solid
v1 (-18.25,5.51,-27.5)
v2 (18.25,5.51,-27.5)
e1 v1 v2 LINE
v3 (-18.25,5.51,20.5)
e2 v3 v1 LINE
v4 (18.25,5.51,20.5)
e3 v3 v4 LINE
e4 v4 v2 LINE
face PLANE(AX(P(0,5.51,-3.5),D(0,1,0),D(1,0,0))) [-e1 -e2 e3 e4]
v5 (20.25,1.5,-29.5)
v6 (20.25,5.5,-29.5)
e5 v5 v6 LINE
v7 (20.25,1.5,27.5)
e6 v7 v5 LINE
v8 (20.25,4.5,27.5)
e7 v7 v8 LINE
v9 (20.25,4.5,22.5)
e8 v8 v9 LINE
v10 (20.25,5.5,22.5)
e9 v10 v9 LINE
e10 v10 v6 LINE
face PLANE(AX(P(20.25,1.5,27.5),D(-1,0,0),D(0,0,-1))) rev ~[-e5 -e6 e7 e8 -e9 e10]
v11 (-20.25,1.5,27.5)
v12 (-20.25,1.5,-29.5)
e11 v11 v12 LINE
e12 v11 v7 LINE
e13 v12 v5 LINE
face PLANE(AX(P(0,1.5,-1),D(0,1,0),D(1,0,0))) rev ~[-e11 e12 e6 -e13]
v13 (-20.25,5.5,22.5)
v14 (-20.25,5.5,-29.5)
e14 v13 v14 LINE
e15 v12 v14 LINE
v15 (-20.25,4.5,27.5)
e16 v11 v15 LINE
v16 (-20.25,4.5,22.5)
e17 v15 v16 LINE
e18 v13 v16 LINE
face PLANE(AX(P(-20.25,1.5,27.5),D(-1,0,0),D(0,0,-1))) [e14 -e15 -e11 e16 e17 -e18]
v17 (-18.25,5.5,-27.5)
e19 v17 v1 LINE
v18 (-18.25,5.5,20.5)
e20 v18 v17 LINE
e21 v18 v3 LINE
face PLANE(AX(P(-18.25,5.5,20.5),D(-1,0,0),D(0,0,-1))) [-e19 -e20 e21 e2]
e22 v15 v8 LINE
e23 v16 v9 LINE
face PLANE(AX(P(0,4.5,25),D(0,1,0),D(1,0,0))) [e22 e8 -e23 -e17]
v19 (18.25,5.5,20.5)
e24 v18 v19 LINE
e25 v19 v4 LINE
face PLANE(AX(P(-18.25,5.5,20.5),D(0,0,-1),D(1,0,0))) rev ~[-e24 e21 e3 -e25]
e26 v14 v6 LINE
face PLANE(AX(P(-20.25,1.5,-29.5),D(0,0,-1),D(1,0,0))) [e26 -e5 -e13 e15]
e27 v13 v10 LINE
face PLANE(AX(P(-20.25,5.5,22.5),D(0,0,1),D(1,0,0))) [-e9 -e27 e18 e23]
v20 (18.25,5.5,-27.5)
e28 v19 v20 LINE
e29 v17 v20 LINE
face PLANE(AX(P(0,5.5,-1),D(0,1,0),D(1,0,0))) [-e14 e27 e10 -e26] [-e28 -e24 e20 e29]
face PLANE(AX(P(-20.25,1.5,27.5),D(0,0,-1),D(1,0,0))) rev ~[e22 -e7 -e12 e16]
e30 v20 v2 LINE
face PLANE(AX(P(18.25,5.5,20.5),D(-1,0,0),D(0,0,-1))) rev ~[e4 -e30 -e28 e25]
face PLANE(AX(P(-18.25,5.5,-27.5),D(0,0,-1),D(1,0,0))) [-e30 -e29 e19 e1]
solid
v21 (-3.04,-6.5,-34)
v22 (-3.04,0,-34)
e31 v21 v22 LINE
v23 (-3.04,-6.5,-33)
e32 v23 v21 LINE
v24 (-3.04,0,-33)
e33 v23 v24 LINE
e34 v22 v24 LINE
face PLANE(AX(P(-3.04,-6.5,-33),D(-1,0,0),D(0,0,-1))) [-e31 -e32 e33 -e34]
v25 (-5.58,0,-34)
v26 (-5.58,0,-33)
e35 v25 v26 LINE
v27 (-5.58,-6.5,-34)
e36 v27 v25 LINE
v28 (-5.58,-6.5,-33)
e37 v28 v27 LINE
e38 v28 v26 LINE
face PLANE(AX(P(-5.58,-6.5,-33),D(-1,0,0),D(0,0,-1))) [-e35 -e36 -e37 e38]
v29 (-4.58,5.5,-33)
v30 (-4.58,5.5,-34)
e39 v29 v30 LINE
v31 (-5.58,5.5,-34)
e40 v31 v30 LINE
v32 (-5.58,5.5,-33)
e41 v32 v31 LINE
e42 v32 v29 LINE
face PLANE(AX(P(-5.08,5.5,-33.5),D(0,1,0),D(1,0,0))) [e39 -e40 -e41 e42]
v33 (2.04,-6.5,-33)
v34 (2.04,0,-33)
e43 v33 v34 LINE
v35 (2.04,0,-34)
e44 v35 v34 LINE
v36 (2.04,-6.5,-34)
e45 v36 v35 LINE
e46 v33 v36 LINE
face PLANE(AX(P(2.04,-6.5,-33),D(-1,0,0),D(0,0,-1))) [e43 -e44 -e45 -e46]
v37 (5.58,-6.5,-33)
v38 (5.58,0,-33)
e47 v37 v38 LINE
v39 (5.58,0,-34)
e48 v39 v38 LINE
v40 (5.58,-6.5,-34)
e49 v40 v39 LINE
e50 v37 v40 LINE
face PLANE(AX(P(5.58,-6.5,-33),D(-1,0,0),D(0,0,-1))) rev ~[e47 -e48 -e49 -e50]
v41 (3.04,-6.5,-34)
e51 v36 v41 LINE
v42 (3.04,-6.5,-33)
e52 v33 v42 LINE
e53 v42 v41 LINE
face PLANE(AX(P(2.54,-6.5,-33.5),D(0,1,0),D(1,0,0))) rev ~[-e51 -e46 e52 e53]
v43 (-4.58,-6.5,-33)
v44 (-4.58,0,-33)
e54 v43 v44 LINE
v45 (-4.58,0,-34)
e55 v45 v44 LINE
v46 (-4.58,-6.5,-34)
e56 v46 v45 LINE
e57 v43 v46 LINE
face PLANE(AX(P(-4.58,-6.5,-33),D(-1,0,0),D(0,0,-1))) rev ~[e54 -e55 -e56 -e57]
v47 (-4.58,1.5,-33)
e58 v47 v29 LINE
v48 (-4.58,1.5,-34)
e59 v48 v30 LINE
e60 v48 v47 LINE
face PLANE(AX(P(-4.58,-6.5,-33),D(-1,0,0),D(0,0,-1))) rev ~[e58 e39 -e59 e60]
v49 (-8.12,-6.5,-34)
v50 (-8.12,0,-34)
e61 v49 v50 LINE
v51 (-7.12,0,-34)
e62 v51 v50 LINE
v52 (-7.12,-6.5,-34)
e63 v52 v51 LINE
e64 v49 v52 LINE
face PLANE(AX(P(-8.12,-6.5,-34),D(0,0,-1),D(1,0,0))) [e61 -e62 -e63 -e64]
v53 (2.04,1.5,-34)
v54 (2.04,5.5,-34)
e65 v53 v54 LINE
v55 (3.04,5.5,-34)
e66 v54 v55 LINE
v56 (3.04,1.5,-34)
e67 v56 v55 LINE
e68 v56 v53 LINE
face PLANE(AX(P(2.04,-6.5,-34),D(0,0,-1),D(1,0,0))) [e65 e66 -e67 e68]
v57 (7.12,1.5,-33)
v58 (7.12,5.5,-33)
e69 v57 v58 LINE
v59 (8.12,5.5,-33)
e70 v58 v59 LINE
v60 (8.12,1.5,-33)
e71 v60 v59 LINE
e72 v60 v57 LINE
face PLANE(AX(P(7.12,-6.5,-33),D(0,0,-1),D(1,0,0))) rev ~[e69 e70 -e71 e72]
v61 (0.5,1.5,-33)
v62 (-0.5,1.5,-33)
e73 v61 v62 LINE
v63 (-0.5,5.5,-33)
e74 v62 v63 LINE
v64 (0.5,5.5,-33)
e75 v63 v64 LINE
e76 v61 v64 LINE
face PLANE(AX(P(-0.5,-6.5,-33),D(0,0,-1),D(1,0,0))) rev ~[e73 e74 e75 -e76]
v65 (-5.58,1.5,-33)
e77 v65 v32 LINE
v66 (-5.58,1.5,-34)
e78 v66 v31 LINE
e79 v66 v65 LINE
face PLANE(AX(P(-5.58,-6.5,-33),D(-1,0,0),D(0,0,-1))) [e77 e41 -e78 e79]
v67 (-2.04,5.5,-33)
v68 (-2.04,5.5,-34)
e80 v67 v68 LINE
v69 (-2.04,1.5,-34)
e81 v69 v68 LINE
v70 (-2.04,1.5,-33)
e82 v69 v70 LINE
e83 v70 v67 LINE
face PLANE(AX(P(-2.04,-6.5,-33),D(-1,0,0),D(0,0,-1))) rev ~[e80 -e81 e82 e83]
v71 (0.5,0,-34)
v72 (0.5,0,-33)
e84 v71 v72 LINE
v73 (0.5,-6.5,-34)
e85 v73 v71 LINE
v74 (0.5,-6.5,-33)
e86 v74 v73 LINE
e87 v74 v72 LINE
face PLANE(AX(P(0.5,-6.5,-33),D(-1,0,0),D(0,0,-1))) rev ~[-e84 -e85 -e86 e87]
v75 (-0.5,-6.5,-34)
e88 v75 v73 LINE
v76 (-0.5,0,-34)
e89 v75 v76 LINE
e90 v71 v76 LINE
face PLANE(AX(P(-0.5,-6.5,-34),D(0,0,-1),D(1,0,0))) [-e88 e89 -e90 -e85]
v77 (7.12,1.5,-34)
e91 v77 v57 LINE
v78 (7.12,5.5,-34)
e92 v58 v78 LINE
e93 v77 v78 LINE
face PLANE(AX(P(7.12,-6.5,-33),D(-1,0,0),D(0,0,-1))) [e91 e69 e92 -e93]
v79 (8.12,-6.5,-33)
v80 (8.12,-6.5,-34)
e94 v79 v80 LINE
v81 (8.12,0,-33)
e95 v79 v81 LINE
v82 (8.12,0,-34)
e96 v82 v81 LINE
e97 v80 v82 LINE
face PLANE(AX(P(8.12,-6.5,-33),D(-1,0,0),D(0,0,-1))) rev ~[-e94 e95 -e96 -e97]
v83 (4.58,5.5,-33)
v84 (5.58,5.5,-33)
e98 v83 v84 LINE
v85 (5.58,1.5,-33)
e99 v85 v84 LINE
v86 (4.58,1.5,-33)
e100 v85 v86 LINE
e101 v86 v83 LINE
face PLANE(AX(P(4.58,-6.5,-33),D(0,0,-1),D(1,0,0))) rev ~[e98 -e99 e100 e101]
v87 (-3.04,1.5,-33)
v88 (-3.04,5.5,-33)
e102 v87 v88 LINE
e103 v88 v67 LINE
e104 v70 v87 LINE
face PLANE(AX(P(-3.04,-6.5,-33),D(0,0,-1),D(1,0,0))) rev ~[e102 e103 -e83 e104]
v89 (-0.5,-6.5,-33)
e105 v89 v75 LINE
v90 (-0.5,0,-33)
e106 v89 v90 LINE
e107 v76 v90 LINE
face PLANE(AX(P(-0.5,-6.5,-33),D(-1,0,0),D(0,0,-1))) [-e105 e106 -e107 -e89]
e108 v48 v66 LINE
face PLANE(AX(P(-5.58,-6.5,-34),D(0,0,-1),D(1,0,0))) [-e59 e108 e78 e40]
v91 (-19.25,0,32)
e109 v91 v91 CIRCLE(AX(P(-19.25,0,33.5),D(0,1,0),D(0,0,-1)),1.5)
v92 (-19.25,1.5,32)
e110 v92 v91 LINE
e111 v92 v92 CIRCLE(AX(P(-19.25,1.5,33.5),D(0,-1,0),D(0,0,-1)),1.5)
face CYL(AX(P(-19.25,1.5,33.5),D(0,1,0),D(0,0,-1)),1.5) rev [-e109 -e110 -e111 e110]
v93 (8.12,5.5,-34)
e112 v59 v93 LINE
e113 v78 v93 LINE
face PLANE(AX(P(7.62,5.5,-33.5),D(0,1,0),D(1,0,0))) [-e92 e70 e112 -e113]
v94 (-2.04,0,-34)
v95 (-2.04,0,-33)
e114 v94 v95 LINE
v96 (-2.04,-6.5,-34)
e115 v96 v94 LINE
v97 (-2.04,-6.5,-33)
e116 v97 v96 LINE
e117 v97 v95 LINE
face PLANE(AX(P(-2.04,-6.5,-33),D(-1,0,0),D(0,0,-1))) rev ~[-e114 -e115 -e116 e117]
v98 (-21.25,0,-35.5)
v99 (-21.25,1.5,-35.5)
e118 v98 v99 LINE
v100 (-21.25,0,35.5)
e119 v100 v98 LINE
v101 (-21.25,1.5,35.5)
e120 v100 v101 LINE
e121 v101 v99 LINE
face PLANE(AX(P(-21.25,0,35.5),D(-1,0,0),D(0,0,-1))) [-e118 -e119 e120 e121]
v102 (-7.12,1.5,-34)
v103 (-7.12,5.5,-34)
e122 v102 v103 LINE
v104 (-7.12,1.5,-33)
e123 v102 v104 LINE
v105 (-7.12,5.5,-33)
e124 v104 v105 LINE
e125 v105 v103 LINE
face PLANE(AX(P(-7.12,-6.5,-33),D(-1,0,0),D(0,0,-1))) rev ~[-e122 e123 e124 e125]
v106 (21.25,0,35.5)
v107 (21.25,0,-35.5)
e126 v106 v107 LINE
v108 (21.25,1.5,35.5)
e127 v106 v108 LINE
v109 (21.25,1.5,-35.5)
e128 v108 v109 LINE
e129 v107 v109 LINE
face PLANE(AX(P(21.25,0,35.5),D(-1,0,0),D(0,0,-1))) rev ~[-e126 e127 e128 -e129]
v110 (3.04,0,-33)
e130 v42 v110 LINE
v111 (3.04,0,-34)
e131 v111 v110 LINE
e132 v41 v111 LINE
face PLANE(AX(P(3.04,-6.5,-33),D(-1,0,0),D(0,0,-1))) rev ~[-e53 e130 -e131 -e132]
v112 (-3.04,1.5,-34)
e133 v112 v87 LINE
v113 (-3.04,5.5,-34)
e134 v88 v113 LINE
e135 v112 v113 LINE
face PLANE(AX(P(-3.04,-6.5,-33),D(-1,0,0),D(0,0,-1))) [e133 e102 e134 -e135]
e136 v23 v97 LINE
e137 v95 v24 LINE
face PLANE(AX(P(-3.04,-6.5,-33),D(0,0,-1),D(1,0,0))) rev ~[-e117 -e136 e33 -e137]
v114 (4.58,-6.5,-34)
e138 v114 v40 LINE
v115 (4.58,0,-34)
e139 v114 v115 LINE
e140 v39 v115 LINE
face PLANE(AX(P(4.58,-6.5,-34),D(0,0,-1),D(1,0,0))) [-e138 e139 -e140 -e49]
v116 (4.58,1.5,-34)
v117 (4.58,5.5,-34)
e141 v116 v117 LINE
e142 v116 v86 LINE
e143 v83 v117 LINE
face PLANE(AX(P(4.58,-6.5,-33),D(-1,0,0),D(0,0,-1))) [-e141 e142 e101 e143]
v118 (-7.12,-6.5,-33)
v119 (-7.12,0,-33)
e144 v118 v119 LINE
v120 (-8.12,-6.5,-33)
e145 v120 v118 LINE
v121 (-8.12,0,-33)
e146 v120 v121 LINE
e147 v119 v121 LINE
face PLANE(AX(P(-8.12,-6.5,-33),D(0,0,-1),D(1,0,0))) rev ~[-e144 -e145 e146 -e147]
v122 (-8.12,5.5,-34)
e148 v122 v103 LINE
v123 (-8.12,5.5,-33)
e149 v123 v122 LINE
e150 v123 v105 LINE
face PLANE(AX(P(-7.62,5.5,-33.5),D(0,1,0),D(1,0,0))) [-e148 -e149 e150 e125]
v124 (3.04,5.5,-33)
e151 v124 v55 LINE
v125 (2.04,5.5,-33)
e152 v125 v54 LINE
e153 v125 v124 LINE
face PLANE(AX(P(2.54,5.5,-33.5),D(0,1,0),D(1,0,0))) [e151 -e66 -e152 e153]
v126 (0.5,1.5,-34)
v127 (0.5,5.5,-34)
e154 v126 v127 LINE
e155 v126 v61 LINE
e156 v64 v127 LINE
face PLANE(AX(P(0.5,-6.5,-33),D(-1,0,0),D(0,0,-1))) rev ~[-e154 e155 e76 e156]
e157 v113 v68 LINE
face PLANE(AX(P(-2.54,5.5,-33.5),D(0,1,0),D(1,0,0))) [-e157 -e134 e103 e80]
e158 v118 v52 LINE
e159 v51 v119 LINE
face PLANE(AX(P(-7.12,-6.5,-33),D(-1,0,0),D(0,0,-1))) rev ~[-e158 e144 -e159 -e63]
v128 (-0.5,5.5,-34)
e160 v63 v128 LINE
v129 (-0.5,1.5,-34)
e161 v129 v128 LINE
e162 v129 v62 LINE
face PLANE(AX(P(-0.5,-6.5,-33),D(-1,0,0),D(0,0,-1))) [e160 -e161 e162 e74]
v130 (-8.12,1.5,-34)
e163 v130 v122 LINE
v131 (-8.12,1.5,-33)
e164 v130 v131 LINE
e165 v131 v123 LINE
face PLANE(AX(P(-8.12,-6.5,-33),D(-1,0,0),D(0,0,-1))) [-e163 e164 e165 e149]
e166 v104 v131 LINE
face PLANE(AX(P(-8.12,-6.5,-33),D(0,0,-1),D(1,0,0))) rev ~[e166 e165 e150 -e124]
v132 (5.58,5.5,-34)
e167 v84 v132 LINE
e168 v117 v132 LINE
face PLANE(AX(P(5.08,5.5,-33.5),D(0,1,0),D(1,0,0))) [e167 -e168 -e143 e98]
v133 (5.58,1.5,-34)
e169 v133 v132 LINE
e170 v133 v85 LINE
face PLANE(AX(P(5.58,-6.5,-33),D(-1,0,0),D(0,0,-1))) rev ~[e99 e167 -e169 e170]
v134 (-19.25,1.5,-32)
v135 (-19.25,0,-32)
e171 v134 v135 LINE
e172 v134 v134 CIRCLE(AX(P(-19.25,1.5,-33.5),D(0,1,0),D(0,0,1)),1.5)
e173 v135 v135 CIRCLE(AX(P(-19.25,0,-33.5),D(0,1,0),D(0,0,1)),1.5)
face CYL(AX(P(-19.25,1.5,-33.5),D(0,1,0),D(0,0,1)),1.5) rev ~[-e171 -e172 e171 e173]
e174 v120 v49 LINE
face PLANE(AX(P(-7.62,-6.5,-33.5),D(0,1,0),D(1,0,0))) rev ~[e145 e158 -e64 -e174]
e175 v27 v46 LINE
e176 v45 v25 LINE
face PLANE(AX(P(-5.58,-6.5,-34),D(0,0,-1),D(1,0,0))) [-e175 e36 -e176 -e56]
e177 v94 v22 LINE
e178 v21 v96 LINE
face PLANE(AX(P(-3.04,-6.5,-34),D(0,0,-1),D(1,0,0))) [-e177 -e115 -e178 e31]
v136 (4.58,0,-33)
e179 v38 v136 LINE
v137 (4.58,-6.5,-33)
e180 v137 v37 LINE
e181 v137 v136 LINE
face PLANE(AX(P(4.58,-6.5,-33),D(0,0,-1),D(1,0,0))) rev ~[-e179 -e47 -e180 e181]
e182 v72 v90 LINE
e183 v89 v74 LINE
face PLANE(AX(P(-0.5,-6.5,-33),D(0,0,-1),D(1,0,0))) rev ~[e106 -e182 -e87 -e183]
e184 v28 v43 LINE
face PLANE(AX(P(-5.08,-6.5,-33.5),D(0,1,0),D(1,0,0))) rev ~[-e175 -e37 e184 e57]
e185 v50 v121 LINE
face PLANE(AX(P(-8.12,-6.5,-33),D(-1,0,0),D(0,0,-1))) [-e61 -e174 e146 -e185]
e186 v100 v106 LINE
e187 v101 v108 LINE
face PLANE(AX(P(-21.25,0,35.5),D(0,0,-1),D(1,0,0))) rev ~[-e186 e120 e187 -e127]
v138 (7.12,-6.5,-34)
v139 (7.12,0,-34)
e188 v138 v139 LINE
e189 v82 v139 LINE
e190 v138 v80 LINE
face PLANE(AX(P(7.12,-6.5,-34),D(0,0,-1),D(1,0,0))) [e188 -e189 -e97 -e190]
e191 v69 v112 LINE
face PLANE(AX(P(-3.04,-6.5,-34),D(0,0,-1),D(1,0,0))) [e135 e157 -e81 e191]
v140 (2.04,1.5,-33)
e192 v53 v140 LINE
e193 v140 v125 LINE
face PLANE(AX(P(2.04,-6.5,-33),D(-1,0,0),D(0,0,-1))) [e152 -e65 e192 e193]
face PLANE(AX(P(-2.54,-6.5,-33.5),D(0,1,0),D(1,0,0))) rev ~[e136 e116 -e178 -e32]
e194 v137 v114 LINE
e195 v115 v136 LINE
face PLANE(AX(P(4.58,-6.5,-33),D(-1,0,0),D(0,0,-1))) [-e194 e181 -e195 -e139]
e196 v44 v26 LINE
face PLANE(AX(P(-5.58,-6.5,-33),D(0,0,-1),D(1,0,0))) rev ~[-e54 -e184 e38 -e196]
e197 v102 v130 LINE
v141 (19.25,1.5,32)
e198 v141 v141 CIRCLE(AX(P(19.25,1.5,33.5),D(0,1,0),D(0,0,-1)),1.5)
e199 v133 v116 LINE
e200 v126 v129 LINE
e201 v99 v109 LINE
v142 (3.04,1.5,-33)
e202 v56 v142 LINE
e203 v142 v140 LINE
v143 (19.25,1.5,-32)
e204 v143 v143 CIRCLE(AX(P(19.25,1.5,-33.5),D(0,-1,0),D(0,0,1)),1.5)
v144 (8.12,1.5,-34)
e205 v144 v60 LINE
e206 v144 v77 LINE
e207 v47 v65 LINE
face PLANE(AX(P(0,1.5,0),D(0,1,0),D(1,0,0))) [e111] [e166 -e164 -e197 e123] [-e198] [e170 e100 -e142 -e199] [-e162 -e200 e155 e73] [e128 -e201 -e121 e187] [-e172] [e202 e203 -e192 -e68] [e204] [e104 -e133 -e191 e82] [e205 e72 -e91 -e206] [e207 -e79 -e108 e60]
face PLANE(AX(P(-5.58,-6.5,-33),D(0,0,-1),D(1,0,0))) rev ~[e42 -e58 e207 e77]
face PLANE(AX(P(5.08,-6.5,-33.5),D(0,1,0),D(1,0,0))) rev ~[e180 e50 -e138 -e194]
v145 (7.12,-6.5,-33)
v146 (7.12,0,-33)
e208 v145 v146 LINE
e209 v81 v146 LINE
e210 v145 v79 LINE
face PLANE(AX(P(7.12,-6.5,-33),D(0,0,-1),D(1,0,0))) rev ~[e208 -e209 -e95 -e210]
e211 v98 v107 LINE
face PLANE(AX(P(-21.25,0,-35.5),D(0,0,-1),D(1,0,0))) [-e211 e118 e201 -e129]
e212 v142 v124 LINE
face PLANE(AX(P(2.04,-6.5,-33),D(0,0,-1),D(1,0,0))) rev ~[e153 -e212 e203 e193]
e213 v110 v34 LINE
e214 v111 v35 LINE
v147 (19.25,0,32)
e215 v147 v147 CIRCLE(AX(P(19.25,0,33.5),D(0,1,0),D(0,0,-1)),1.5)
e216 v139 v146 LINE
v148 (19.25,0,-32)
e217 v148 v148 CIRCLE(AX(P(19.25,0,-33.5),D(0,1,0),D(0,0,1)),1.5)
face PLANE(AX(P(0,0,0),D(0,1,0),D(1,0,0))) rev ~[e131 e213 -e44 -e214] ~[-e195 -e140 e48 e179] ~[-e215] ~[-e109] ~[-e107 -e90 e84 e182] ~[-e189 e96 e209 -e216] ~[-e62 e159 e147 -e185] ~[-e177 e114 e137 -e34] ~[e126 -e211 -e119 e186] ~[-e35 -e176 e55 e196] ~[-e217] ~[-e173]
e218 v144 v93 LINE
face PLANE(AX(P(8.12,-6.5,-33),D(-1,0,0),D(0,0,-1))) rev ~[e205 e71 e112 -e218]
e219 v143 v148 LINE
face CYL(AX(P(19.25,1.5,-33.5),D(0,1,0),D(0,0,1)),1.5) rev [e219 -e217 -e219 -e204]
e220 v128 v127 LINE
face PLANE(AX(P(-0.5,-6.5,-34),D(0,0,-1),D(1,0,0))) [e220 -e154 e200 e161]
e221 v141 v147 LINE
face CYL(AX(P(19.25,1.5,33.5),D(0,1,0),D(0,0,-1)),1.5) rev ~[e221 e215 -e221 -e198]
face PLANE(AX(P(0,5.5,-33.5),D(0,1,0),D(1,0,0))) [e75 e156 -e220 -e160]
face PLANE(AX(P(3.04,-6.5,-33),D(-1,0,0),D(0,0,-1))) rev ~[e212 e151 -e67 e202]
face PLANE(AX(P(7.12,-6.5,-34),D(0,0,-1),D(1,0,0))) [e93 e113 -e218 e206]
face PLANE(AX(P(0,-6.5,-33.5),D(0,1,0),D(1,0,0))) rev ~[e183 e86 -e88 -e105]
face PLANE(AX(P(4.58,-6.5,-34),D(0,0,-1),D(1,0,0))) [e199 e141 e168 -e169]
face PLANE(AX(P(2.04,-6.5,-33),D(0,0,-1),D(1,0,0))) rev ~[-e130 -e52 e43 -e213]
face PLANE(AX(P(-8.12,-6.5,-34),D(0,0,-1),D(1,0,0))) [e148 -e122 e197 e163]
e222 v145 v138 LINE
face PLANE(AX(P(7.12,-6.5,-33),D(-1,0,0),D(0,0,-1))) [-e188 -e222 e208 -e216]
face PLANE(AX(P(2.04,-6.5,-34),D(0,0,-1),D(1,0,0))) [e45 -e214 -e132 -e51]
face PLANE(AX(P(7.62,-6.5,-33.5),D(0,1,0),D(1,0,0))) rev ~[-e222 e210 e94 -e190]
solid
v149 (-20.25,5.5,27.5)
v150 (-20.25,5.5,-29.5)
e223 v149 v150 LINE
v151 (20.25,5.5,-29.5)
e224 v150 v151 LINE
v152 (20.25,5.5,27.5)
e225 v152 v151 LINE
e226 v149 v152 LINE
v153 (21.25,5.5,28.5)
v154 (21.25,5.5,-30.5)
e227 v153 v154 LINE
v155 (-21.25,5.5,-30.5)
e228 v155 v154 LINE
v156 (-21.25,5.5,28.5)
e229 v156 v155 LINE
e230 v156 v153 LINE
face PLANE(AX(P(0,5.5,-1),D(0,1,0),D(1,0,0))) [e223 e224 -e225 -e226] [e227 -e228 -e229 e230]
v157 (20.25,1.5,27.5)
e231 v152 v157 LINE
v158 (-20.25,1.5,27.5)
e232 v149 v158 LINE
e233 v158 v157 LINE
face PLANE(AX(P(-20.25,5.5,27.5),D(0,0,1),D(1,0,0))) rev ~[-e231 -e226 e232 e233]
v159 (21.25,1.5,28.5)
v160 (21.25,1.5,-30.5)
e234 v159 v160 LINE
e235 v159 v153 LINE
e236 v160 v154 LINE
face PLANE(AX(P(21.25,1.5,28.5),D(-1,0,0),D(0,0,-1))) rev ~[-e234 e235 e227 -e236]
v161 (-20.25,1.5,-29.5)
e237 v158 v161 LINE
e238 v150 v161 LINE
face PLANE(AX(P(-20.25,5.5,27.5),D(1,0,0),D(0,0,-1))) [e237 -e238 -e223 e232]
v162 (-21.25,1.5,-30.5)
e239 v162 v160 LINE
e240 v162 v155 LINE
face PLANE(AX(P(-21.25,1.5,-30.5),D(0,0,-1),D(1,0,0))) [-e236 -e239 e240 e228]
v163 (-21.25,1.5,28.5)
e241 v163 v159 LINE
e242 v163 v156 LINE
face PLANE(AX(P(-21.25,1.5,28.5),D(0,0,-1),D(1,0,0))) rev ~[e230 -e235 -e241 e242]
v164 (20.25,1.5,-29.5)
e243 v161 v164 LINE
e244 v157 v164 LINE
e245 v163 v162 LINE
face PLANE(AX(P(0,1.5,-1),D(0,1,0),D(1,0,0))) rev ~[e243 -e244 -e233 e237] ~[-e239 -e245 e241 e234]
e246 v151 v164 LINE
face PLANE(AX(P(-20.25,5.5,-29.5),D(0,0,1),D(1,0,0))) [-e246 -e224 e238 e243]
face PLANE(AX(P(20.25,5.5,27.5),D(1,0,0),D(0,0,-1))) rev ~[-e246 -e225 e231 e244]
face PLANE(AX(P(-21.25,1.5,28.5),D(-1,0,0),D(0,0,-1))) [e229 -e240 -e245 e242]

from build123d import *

# Parameters (mm, degrees)
SKETCH1_W                                  = 42.5
SKETCH1_H                                  = 71
BOSS_EXTRUDE1_DEPTH                        = 1.5
SKETCH7_R                                  = 1.5
CUT_EXTRUDE2_DEPTH                         = 42.401237904
MIRROR1_AT_THE_SECOND_PLANE_COPY_1_SKETC_R = 1.5
MIRROR1_AT_THE_SECOND_PLANE_COPY_1_DEPTH   = 42.401237904
BOSS_EXTRUDE5_START                        = -8
SKETCH8_W                                  = 1
SKETCH8_H                                  = 1
BOSS_EXTRUDE5_DEPTH                        = 12
LPATTERN1_COUNT                            = 4
LPATTERN1_PITCH                            = 2.54
LPATTERN1_COL_COUNT                        = 4
LPATTERN1_COL_PITCH                        = 2.54
SKETCH2_W                                  = 42.5
SKETCH2_H                                  = 59
BOSS_EXTRUDE2_DEPTH                        = 4
SKETCH3_W                                  = 40.5
SKETCH3_H                                  = 57
CUT_EXTRUDE1_DEPTH                         = 44.079142285
SKETCH5_W                                  = 40.5
SKETCH5_H                                  = 57
BOSS_EXTRUDE3_DEPTH                        = 4
SKETCH9_W                                  = 40.5
SKETCH9_H                                  = 5
CUT_EXTRUDE3_DEPTH                         = 1
SKETCH6_W                                  = 36.5
SKETCH6_H                                  = 48
BOSS_EXTRUDE4_DEPTH                        = 0.01


with BuildPart() as part:
    # Sketch1 → Boss-Extrude1 (new body)
    with BuildSketch(Plane(origin=(0, 0, 0), x_dir=(1, 0, 0), z_dir=(0, 1, 0))):
        Rectangle(SKETCH1_W, SKETCH1_H)
    extrude(amount=BOSS_EXTRUDE1_DEPTH)

    # Sketch7 → Cut-Extrude2 (cut, through all)
    with BuildSketch(Plane(origin=(0, 1.5, 0), x_dir=(1, 0, 0), z_dir=(0, 1, 0))):
        with Locations(Location((-19.25, 33.5, 0), (0, 0, 270))):
            Circle(SKETCH7_R)
    cut_extrude2 = extrude(amount=-CUT_EXTRUDE2_DEPTH, mode=Mode.SUBTRACT)

    # Mirror1: Cut-Extrude2 across plane
    add(cut_extrude2.mirror(Plane.XY), mode=Mode.SUBTRACT)

    # Mirror1 at the second plane: Cut-Extrude2 across plane
    add(cut_extrude2.mirror(Plane(origin=(0, 0, 0), x_dir=(0, 0, 1), z_dir=(1, 0, 0))), mode=Mode.SUBTRACT)

    # Mirror1 at the second plane copy 1 sketc → Mirror1 at the second plane copy 1 (cut, through all)
    with BuildSketch(Plane(origin=(0, 1.5, 0), x_dir=(-1, 0, 0), z_dir=(0, 1, 0))):
        with Locations(Location((-19.25, 33.5, 0), (0, 0, 270))):
            Circle(MIRROR1_AT_THE_SECOND_PLANE_COPY_1_SKETC_R)
    extrude(amount=-MIRROR1_AT_THE_SECOND_PLANE_COPY_1_DEPTH, mode=Mode.SUBTRACT)

    # Sketch8 → Boss-Extrude5 (add)
    with BuildSketch(Plane(origin=(0, 1.5, 0), x_dir=(1, 0, 0), z_dir=(0, 1, 0)).offset(BOSS_EXTRUDE5_START)):
        with Locations((0, 33.5)):
            Rectangle(SKETCH8_W, SKETCH8_H)
    boss_extrude5 = extrude(amount=BOSS_EXTRUDE5_DEPTH)

    # LPattern1: Boss-Extrude5 ×4
    with Locations(*[(i * LPATTERN1_PITCH, 0, 0) for i in range(1, LPATTERN1_COUNT)]):
        add(boss_extrude5)

    # LPattern1 col: Boss-Extrude5 ×4
    with Locations(*[(-i * LPATTERN1_COL_PITCH, 0, 0) for i in range(1, LPATTERN1_COL_COUNT)]):
        add(boss_extrude5)


with BuildPart() as body_2:
    # Sketch2 → Boss-Extrude2 (new body)
    with BuildSketch(Plane(origin=(0, 1.5, 0), x_dir=(1, 0, 0), z_dir=(0, 1, 0))):
        with Locations((0, 1)):
            Rectangle(SKETCH2_W, SKETCH2_H)
    extrude(amount=BOSS_EXTRUDE2_DEPTH)

    # Sketch3 → Cut-Extrude1 (cut, through all)
    with BuildSketch(Plane(origin=(0, 5.5, 0), x_dir=(1, 0, 0), z_dir=(0, 1, 0))):
        with Locations((0, 1)):
            Rectangle(SKETCH3_W, SKETCH3_H)
    extrude(amount=-CUT_EXTRUDE1_DEPTH, mode=Mode.SUBTRACT)


with BuildPart() as body_3:
    # Sketch5 → Boss-Extrude3 (new body)
    with BuildSketch(Plane(origin=(0, 1.5, 0), x_dir=(1, 0, 0), z_dir=(0, 1, 0))):
        with Locations((0, 1)):
            Rectangle(SKETCH5_W, SKETCH5_H)
    extrude(amount=BOSS_EXTRUDE3_DEPTH)

    # Sketch9 → Cut-Extrude3 (cut)
    with BuildSketch(Plane(origin=(0, 5.5, 0), x_dir=(1, 0, 0), z_dir=(0, 1, 0))):
        with Locations((0, -25)):
            Rectangle(SKETCH9_W, SKETCH9_H)
    extrude(amount=-CUT_EXTRUDE3_DEPTH, mode=Mode.SUBTRACT)

    # Sketch6 → Boss-Extrude4 (add)
    with BuildSketch(Plane(origin=(0, 5.5, 0), x_dir=(1, 0, 0), z_dir=(0, 1, 0))):
        with Locations((0, 3.5)):
            Rectangle(SKETCH6_W, SKETCH6_H)
    extrude(amount=BOSS_EXTRUDE4_DEPTH)


solid = Compound([part.part, body_2.part, body_3.part])
